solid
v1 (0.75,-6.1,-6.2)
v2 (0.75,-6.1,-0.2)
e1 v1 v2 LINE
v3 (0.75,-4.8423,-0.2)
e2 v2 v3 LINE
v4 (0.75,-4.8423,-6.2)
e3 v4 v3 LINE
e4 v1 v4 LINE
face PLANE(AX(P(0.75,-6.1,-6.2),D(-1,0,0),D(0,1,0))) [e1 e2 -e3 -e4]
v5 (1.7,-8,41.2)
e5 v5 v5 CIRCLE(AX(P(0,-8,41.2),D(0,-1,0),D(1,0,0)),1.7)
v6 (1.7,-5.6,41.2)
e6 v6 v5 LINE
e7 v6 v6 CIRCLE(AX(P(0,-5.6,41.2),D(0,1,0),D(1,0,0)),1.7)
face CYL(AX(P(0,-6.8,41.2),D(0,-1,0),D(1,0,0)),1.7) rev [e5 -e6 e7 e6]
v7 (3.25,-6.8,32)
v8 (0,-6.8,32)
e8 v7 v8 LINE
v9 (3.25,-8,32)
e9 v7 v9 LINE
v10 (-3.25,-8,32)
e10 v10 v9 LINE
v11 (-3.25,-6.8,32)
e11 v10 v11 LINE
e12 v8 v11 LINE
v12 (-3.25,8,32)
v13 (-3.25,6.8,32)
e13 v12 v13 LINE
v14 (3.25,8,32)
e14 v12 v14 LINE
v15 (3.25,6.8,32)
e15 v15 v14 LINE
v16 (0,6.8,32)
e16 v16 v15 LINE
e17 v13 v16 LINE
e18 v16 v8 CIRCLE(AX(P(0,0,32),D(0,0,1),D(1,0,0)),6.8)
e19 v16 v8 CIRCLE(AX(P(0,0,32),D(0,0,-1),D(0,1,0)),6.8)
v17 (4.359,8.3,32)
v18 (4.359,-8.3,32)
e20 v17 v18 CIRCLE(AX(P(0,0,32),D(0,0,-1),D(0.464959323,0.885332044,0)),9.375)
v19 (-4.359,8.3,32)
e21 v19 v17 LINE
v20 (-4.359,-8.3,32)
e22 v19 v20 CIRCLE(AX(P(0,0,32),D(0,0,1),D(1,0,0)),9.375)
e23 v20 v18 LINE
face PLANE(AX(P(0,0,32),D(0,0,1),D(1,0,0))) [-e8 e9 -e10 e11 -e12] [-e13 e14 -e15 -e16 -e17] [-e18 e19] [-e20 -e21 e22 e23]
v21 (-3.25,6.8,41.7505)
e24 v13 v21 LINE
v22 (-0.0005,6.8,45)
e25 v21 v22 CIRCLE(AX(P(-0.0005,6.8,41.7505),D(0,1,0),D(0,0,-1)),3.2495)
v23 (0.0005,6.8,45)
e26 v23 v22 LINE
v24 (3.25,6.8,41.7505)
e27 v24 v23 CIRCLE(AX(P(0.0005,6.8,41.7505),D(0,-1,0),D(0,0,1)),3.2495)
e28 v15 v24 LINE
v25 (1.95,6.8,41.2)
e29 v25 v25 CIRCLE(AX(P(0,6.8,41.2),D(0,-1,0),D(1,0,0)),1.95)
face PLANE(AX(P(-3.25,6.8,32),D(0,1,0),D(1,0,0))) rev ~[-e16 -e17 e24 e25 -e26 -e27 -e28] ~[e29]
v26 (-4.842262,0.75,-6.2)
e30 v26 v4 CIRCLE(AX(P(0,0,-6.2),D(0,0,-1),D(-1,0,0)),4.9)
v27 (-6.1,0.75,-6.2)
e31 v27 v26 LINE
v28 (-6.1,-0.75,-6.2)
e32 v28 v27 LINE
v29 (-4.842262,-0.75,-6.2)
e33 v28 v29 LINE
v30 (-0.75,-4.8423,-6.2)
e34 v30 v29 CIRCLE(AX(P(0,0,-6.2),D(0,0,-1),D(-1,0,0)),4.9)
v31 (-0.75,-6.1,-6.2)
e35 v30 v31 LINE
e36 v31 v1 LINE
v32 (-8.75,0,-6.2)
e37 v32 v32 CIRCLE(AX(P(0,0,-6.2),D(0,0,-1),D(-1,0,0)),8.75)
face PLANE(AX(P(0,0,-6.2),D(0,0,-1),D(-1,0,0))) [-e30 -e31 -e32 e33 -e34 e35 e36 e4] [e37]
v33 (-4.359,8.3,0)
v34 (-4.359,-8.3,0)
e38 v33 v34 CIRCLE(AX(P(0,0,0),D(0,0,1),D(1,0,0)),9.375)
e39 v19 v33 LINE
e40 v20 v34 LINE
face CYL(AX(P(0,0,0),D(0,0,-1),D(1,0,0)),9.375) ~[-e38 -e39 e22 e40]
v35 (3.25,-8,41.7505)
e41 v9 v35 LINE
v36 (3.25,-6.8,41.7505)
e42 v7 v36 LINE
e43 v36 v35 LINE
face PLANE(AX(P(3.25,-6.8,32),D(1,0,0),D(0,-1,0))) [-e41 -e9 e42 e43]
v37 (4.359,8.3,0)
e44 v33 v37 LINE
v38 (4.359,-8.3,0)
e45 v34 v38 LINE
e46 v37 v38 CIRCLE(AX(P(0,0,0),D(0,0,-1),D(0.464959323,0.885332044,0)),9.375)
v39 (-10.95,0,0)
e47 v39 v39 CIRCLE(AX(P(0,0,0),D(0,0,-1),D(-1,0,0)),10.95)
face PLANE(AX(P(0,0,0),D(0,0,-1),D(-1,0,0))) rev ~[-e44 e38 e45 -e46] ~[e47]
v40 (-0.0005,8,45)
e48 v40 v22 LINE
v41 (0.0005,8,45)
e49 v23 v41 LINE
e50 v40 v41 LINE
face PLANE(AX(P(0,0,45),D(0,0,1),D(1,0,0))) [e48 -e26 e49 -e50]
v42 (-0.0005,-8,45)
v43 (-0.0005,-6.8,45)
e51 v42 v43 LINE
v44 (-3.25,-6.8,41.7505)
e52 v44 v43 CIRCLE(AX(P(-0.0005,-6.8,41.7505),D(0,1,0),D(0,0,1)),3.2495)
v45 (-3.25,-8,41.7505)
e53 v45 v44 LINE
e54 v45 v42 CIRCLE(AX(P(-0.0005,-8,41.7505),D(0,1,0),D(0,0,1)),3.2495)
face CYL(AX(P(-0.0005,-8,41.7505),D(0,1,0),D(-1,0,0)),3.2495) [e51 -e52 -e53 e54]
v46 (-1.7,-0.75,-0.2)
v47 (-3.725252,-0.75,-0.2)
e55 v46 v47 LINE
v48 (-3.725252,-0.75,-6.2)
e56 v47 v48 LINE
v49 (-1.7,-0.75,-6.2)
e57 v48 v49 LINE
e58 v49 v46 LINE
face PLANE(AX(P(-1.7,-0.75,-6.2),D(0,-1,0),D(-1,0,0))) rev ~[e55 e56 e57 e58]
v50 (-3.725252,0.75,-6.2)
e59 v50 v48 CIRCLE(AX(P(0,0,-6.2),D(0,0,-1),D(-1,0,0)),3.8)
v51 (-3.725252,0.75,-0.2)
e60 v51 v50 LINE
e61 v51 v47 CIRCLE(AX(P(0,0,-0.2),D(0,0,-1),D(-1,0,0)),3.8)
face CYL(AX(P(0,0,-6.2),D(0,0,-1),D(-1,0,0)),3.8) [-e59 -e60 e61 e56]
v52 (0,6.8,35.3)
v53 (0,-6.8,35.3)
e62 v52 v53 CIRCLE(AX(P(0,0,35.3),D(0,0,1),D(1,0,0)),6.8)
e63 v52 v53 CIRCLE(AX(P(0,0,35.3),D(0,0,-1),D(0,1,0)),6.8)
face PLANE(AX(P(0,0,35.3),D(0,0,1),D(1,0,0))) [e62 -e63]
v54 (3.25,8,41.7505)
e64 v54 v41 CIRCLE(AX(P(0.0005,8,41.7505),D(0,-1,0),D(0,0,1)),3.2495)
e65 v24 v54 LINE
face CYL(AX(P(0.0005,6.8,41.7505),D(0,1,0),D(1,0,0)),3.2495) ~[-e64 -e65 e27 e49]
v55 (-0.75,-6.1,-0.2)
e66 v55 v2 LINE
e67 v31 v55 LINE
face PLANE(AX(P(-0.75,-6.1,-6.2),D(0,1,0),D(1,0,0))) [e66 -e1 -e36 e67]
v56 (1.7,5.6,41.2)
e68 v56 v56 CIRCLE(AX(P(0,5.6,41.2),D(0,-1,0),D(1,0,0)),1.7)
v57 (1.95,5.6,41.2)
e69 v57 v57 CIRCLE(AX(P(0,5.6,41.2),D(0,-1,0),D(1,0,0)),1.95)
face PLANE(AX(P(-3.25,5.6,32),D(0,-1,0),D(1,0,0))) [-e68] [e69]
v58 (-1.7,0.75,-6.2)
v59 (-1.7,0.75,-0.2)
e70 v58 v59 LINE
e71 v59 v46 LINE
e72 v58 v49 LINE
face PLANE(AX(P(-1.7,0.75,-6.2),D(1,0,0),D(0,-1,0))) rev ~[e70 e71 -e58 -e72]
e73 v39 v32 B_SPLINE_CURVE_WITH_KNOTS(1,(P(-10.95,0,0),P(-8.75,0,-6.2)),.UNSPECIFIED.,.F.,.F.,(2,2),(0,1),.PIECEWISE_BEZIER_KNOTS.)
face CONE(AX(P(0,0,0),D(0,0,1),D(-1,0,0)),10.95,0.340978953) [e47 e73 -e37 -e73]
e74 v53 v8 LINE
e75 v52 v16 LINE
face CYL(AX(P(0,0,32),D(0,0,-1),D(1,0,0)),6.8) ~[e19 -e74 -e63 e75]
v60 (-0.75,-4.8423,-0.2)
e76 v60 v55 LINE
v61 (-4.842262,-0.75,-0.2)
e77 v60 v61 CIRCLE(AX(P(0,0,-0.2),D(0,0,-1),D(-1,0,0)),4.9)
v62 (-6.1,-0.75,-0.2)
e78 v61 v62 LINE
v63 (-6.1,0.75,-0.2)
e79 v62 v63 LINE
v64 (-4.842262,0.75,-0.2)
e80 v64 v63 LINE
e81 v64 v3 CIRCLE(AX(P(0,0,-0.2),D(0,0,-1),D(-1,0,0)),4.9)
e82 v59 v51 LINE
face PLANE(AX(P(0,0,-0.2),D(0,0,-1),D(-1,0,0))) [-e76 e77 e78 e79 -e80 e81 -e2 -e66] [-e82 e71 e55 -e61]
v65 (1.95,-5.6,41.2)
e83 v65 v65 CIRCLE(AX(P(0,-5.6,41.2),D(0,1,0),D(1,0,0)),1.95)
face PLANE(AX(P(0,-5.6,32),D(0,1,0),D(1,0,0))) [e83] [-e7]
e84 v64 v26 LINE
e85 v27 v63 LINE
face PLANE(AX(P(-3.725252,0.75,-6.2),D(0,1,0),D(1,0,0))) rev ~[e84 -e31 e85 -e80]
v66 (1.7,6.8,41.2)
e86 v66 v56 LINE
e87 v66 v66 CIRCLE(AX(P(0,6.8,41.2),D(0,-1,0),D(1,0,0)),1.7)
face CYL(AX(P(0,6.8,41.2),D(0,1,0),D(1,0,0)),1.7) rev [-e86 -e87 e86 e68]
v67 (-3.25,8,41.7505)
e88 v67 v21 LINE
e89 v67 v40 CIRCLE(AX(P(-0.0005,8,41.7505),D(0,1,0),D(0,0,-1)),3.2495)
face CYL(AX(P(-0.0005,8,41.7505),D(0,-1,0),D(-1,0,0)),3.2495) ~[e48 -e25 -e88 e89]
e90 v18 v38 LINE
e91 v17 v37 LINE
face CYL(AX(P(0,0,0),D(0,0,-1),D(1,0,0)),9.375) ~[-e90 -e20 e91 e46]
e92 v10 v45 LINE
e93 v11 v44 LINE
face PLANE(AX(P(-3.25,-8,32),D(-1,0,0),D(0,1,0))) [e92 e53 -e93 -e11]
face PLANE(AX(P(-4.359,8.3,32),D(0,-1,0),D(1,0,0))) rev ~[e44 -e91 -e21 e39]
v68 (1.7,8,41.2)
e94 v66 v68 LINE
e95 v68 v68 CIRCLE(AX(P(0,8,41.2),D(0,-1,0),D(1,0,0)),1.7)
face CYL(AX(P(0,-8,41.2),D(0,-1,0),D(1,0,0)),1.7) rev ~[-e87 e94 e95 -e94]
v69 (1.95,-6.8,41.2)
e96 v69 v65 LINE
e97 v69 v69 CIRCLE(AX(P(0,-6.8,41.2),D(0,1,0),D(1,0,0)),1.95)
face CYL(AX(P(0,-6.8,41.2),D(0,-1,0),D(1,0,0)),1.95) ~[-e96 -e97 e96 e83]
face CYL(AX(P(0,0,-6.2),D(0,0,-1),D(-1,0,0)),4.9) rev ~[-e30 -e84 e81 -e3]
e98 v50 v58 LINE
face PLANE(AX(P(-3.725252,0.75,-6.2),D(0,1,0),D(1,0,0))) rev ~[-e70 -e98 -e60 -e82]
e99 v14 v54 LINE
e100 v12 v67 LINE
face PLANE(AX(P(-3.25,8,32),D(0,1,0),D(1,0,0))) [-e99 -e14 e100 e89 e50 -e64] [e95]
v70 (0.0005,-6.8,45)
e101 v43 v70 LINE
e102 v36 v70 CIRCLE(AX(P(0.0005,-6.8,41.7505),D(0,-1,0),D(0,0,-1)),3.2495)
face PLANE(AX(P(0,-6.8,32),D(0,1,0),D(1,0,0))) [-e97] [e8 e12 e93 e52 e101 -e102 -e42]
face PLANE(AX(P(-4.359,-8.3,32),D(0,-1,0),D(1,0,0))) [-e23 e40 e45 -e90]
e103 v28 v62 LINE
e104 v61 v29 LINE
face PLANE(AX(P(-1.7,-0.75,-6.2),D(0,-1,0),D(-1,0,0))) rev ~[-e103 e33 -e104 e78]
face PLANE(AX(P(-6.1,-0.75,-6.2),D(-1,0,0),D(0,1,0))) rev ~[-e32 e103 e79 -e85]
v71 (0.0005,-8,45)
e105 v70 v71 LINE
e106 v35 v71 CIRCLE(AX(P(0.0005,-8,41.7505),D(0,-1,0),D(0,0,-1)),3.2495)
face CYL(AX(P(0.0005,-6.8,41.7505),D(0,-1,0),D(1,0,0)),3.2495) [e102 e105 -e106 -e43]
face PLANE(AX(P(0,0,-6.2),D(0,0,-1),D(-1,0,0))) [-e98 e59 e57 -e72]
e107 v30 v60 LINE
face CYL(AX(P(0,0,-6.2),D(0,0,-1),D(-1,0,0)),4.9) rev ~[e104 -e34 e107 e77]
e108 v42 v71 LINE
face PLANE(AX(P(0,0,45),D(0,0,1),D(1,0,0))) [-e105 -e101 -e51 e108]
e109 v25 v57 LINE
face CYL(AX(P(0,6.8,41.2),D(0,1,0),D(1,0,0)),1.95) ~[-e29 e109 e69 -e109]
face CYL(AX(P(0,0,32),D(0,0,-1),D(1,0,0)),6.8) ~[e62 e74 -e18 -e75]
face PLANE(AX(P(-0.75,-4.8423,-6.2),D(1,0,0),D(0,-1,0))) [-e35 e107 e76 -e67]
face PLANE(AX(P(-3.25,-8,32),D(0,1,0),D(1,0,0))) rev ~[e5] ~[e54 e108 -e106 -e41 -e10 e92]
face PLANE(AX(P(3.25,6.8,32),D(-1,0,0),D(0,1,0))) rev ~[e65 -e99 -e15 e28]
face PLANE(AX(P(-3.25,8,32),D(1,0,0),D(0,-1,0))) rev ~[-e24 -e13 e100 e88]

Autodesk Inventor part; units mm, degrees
ref_plane "YZ Plane" through (0, 0, 0) normal (1, 0, 0) x (0, 1, 0)
ref_plane "XZ Plane" through (0, 0, 0) normal (0, 1, 0) x (-1, 0, 0)
sketch "Sketch1" plane through (0, 0, 0) normal (0, 0, 1) x (1, 0, 0)
  circle A0 centre (0, 0) radius 9.375
  dimension "d0" = 18.75
extrude "Extrusion1" add sketch "Sketch1" along normal blind 32
sketch "Sketch2" plane through (0, 0, 32) normal (0, 0, 1) x (1, 0, 0)
  circle A0 centre (0, 0) radius 9.375 projected
  circle A1 centre (0, 0) radius 6.8
  dimension "d3" = 13.6
extrude "Extrusion2" add sketch "Sketch2" along normal blind 3.3 contours A1
sketch "Sketch3" plane through (0, 0, 32) normal (0, 0, 1) x (1, 0, 0)
  circle A0 centre (0, 0) radius 6.8 projected
  line L0 (-3.25, 8) -> (3.25, 8)
  line L1 (-3.25, -8) -> (3.25, -8)
  line L2 (-3.25, 8) -> (-3.25, 6.8)
  line L3 (-3.25, 6.8) -> (3.25, 6.8)
  line L4 (3.25, 6.8) -> (3.25, 8)
  line L5 (-3.25, -8) -> (-3.25, -6.8)
  line L6 (-3.25, -6.8) -> (3.25, -6.8)
  line L7 (3.25, -6.8) -> (3.25, -8)
  dimension "d6" = 6.5
  dimension "d7" = 6.5
  dimension "d8" = 3.25
  dimension "d9" = 3.25
  dimension "d10" = 1.2
  dimension "d11" = 1.2
  dimension "d12" = 16
  dimension "d13" = 8
extrude "Extrusion3" add sketch "Sketch3" along normal blind 13 contours L6 L7 L1 L5 | L3 L2 L0 L4
sketch "Sketch4" plane through (-3.25, -8, 32) normal (0, -1, 0) x (1, 0, 0)
  line L0 (6.5, 0) -> (6.5, 13) projected
  line L1 (0, 13) -> (6.5, 13) projected
  circle A0 centre (3.25, 9.2) radius 1.7
  point P0 (3.25, -32)
  dimension "d16" = 3.4
  dimension "d17" = 3.25
  dimension "d18" = 3.8
extrude "Extrusion4" cut sketch "Sketch4" against normal up to surface (16 mm away)
fillet "Fillet1" radius 3.25 4 edges at (-3.25, -7.4, 45) (3.25, -7.4, 45) (-3.25, 7.4, 45) (3.25, 7.4, 45)
sketch "Sketch5" plane through (-3.25, 6.8, 32) normal (0, -1, 0) x (1, 0, 0)
  circle A0 centre (3.25, 9.2) radius 1.7 projected
  circle A1 centre (3.25, 9.2) radius 1.95
  point P0 (3.25, -32)
  dimension "d22" = 3.9
extrude "Extrusion5" add sketch "Sketch5" along normal blind 1.2
sketch "Sketch6" plane through (0, -6.8, 32) normal (0, 1, 0) x (1, 0, 0)
  circle A0 centre (0, -9.2) radius 1.7 projected
  circle A1 centre (0, -9.2) radius 1.95
  point P0 (0, 32)
  dimension "d25" = 3.9
extrude "Extrusion6" add sketch "Sketch6" along normal blind 1.2
sketch "Sketch7" plane through (0, 0, 0) normal (0, 0, -1) x (-1, 0, 0)
  circle A0 centre (0, 0) radius 9.375 projected
  circle A1 centre (0, 0) radius 10.95
  dimension "d28" = 21.9
ref_plane "Work Plane1" through (0, 0, -6.2) normal (0, 0, -1) x (-1, 0, 0)
sketch "Sketch8" plane through (0, 0, -6.2) normal (0, 0, -1) x (-1, 0, 0)
  circle A0 centre (0, 0) radius 9.375 projected
  circle A1 centre (0, 0) radius 8.75
  dimension "d30" = 17.5
loft "Loft1" add profiles "Sketch7", "Sketch8" contours A0 | A1 / A1
sketch "Sketch9" plane through (0, 0, 32) normal (0, 0, 1) x (1, 0, 0)
  circle A0 centre (0, 0) radius 9.375 projected
  line L0 (-4.359, 8.3) -> (4.359, 8.3)
  line L1 (-4.359, -8.3) -> (4.359, -8.3)
  point P0 (8.3, 4.359)
  point P1 (8.3, -4.359)
  point P2 (-8.3, 4.359)
  point P3 (-8.3, -4.359)
  dimension "d51" = 16.6
  dimension "d52" = 8.3
thread "Thread1" size "M20x2.5" class "6g" standard "ANSI Metric M Profile" length 22
thread "Thread2" size "M20x2.5" class "6g" standard "ANSI Metric M Profile" length 22
thread "Thread3" size "M3.5x0.6" class "6H" standard "ANSI Metric M Profile" length 10
thread "Thread4" size "M3.5x0.6" class "6H" standard "ANSI Metric M Profile" length 10
sketch "Sketch10" plane through (0, 0, -6.2) normal (0, 0, -1) x (-1, 0, 0)
  circle A0 centre (0, 0) radius 8.75 projected
  circle A1 centre (0, 0) radius 4.9
  circle A2 centre (0, 0) radius 3.8
  dimension "d47" = 9.8
  dimension "d48" = 7.6
extrude "Extrusion8" cut sketch "Sketch10" against normal blind 6 contours A1
extrude "Extrusion9" cut sketch "Sketch9" against normal up to surface (32 mm away) contours L0 A0 | A0 L1
sketch "Sketch11" plane through (0, 0, -6.2) normal (0, 0, -1) x (-1, 0, 0)
  circle A0 centre (0, 0) radius 3.8 projected
  circle A1 centre (0, 0) radius 8.75 projected
  circle A2 centre (0, 0) radius 4.9 projected
  line L0 (6.1, 0.75) -> (1.7, 0.75)
  line L1 (1.7, 0.75) -> (1.7, -0.75)
  line L2 (1.7, -0.75) -> (6.1, -0.75)
  line L3 (6.1, -0.75) -> (6.1, 0.75)
  circle A3 centre (0, 0) radius 4.9 projected
  line L4 (0.75, -4.8423) -> (0.75, -6.1)
  line L5 (0.75, -6.1) -> (-0.75, -6.1)
  line L6 (-0.75, -6.1) -> (-0.75, -4.8423)
  dimension "d55" = 4.4
  dimension "d56" = 1.5
  dimension "d57" = 1.5
  dimension "d58" = 1.2
  dimension "d59" = 0.75
  dimension "d60" = 1.2
  dimension "d61" = 0.75
extrude "Extrusion10" cut sketch "Sketch11" against normal up to surface (6 mm away) contours A0 L2 L1 L0 | A0 L0 A2 L2 | L0 L3 L2 A2 | A2 L4 L5 L6 picked at (2.4, 0) picked at (4.1442, -0.4181)
properties part number "KeySwitchBody" material "Steel, Alloy"
